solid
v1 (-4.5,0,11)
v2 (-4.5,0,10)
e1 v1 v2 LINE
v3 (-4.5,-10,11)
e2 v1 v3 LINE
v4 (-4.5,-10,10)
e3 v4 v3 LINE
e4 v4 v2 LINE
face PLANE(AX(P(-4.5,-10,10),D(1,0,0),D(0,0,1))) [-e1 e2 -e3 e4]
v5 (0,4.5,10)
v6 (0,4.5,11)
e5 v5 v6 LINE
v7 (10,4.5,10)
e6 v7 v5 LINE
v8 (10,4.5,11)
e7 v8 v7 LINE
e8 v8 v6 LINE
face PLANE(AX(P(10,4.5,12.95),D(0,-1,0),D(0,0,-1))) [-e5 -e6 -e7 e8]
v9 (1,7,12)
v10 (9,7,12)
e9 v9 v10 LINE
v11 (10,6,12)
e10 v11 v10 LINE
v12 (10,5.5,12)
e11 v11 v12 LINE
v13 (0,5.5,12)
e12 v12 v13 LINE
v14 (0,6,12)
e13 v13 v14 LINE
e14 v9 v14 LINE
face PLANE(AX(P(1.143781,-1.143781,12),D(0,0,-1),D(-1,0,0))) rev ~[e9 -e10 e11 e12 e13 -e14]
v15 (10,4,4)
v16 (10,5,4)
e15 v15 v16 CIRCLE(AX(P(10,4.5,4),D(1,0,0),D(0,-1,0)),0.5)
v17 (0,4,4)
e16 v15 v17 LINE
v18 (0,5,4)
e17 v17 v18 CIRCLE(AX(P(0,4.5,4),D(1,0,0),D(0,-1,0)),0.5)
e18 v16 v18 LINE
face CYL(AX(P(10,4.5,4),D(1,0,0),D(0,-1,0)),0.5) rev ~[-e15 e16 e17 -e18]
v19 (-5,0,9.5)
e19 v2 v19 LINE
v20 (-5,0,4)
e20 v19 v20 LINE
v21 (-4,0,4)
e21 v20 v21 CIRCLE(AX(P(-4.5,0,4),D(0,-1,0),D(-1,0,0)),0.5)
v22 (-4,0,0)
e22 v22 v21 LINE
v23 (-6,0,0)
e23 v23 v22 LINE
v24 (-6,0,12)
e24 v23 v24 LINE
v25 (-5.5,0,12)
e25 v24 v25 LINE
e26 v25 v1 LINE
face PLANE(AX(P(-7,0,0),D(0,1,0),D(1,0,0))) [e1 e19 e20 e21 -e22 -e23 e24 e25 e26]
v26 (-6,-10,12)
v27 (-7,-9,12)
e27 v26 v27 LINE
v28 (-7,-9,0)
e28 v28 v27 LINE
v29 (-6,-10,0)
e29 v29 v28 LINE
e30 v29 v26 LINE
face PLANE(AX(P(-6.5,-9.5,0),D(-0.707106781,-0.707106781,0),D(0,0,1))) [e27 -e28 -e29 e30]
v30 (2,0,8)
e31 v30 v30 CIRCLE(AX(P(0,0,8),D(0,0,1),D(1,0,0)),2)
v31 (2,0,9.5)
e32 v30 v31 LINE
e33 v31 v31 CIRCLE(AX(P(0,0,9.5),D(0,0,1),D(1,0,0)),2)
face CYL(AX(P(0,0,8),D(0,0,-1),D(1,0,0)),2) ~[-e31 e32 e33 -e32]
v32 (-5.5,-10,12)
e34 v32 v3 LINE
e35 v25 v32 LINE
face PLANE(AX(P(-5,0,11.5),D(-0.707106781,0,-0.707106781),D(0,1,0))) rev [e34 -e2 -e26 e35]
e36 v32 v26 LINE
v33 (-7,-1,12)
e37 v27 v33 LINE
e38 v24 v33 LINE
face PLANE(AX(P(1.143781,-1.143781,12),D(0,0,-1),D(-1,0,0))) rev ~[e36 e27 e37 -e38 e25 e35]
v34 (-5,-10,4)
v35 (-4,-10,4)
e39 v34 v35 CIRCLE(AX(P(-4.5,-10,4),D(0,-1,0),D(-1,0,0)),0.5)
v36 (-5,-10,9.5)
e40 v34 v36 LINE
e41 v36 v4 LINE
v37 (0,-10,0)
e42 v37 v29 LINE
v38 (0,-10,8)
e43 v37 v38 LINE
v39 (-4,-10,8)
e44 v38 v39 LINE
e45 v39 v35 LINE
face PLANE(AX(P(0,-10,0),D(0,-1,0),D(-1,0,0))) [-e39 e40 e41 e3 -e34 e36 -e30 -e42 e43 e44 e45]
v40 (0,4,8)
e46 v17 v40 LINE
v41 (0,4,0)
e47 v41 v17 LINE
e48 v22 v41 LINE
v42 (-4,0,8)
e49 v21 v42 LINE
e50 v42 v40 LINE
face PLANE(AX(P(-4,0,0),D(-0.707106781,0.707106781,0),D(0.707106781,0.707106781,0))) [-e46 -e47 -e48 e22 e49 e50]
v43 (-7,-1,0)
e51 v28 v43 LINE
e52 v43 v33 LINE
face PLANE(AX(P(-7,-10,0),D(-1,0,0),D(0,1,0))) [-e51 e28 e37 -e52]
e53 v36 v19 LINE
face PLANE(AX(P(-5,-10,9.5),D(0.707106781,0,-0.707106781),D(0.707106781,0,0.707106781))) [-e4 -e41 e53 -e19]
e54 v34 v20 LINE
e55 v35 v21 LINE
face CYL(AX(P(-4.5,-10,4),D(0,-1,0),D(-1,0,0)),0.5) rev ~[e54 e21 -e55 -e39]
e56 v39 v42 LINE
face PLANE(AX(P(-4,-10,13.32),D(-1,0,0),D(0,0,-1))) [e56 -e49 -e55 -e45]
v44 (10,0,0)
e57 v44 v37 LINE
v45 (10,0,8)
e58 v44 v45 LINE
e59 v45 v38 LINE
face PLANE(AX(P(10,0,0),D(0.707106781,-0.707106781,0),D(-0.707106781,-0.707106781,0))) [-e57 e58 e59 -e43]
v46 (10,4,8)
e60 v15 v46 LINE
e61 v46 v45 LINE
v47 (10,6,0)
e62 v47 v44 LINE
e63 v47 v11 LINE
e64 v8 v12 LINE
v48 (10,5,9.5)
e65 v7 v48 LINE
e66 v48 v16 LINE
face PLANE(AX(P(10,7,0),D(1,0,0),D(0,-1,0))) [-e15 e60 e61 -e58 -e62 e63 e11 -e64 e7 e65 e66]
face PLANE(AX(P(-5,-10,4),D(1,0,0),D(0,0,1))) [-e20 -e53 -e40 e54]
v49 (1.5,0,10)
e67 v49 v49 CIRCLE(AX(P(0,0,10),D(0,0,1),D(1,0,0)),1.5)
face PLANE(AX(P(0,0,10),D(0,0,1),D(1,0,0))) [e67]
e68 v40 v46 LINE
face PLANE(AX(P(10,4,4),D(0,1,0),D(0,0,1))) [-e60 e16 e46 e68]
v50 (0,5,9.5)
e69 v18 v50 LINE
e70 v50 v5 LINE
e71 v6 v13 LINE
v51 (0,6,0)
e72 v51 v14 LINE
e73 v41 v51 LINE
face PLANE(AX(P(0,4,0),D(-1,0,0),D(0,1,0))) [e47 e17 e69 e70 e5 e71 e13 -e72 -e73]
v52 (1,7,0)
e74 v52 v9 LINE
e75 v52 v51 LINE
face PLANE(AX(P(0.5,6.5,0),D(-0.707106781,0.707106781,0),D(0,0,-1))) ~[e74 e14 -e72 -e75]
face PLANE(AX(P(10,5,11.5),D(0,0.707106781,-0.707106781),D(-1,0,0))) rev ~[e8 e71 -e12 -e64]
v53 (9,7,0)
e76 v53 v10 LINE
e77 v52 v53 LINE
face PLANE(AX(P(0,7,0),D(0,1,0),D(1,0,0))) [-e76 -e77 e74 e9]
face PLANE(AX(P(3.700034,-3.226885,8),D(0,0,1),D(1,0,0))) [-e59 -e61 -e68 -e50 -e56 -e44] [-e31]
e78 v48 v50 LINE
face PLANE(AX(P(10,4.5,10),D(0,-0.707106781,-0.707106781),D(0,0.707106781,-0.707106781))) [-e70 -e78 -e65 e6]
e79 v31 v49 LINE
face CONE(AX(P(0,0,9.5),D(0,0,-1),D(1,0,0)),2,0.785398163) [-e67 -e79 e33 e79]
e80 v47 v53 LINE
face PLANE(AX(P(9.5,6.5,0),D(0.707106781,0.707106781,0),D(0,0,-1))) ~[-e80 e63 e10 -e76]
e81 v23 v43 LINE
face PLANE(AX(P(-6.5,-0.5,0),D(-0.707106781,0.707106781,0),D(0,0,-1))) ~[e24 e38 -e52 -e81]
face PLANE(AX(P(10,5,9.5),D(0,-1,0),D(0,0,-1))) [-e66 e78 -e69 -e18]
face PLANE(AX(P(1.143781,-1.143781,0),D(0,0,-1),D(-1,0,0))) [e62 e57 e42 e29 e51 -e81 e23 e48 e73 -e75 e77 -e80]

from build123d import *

# Parameters (mm, degrees)
PAD_DEPTH       = 12
POCKET_DEPTH    = 10.1
POCKET001_DEPTH = 10.1
SKETCH003_W     = 15.841853
SKETCH003_H     = 14.91592
POCKET002_DEPTH = 4
SKETCH004_R     = 2
PAD001_DEPTH    = 2
CHAMFER_SIZE    = 0.5
CHAMFER001_SIZE = 1


with BuildPart() as part:
    # Sketch → Pad (new body)
    with BuildSketch(Plane.XY):
        Polygon((0, 7), (10, 7), (10, 0), (0, -10), (-7, -10), (-7, 0), (-4, 0), (0, 4), align=None)
    extrude(amount=PAD_DEPTH)

    # Sketch001 (on Face4 of Pad) → Pocket (cut)
    with BuildSketch(Plane.XZ.offset(10)):
        with BuildLine():
            Line((-4.5, 10), (-4.5, 13.32))
            Line((-4.5, 13.32), (-4, 13.32))
            Line((-4, 13.32), (-4, 4))
            ThreePointArc((-5, 4), (-4.5, 3.5), (-4, 4))
            Line((-5, 4), (-5, 9.5))
            Line((-5, 9.5), (-4.5, 10))
        make_face()
    extrude(amount=-POCKET_DEPTH, mode=Mode.SUBTRACT)

    # Sketch002 (on Face3 of Pocket) → Pocket001 (cut)
    with BuildSketch(Plane.YZ.offset(10)):
        with BuildLine():
            Line((4.5, 12.95), (4.5, 10))
            Line((4.5, 10), (5, 9.5))
            Line((5, 9.5), (5, 4))
            ThreePointArc((4, 4), (4.5, 3.5), (5, 4))
            Line((4, 4), (4, 12.95))
            Line((4, 12.95), (4.5, 12.95))
        make_face()
    extrude(amount=-POCKET001_DEPTH, mode=Mode.SUBTRACT)

    # Sketch003 (on Face5 of Pocket001) → Pocket002 (cut)
    with BuildSketch(Plane.XY.offset(12)):
        with Locations((3.700034, -3.226885)):
            Rectangle(SKETCH003_W, SKETCH003_H)
    extrude(amount=-POCKET002_DEPTH, mode=Mode.SUBTRACT)

    # Sketch004 (on Face12 of Pocket002) → Pad001 (join)
    with BuildSketch(Plane.XY.offset(8)):
        Circle(SKETCH004_R)
    extrude(amount=PAD001_DEPTH)

    # Chamfer
    chamfer_edges = [part.edges().sort_by_distance(p)[0] for p in [
        (-2, 0, 10),
    ]]
    chamfer(chamfer_edges, length=CHAMFER_SIZE)

    # Chamfer001
    chamfer001_edges = [part.edges().sort_by_distance(p)[0] for p in [
        (-7, -10, 6),
        (-7, 0, 6),
        (0, 7, 6),
        (10, 7, 6),
        (5, 4.5, 12),
        (-4.5, -5, 12),
    ]]
    chamfer(chamfer001_edges, length=CHAMFER001_SIZE)


solid = part.part
